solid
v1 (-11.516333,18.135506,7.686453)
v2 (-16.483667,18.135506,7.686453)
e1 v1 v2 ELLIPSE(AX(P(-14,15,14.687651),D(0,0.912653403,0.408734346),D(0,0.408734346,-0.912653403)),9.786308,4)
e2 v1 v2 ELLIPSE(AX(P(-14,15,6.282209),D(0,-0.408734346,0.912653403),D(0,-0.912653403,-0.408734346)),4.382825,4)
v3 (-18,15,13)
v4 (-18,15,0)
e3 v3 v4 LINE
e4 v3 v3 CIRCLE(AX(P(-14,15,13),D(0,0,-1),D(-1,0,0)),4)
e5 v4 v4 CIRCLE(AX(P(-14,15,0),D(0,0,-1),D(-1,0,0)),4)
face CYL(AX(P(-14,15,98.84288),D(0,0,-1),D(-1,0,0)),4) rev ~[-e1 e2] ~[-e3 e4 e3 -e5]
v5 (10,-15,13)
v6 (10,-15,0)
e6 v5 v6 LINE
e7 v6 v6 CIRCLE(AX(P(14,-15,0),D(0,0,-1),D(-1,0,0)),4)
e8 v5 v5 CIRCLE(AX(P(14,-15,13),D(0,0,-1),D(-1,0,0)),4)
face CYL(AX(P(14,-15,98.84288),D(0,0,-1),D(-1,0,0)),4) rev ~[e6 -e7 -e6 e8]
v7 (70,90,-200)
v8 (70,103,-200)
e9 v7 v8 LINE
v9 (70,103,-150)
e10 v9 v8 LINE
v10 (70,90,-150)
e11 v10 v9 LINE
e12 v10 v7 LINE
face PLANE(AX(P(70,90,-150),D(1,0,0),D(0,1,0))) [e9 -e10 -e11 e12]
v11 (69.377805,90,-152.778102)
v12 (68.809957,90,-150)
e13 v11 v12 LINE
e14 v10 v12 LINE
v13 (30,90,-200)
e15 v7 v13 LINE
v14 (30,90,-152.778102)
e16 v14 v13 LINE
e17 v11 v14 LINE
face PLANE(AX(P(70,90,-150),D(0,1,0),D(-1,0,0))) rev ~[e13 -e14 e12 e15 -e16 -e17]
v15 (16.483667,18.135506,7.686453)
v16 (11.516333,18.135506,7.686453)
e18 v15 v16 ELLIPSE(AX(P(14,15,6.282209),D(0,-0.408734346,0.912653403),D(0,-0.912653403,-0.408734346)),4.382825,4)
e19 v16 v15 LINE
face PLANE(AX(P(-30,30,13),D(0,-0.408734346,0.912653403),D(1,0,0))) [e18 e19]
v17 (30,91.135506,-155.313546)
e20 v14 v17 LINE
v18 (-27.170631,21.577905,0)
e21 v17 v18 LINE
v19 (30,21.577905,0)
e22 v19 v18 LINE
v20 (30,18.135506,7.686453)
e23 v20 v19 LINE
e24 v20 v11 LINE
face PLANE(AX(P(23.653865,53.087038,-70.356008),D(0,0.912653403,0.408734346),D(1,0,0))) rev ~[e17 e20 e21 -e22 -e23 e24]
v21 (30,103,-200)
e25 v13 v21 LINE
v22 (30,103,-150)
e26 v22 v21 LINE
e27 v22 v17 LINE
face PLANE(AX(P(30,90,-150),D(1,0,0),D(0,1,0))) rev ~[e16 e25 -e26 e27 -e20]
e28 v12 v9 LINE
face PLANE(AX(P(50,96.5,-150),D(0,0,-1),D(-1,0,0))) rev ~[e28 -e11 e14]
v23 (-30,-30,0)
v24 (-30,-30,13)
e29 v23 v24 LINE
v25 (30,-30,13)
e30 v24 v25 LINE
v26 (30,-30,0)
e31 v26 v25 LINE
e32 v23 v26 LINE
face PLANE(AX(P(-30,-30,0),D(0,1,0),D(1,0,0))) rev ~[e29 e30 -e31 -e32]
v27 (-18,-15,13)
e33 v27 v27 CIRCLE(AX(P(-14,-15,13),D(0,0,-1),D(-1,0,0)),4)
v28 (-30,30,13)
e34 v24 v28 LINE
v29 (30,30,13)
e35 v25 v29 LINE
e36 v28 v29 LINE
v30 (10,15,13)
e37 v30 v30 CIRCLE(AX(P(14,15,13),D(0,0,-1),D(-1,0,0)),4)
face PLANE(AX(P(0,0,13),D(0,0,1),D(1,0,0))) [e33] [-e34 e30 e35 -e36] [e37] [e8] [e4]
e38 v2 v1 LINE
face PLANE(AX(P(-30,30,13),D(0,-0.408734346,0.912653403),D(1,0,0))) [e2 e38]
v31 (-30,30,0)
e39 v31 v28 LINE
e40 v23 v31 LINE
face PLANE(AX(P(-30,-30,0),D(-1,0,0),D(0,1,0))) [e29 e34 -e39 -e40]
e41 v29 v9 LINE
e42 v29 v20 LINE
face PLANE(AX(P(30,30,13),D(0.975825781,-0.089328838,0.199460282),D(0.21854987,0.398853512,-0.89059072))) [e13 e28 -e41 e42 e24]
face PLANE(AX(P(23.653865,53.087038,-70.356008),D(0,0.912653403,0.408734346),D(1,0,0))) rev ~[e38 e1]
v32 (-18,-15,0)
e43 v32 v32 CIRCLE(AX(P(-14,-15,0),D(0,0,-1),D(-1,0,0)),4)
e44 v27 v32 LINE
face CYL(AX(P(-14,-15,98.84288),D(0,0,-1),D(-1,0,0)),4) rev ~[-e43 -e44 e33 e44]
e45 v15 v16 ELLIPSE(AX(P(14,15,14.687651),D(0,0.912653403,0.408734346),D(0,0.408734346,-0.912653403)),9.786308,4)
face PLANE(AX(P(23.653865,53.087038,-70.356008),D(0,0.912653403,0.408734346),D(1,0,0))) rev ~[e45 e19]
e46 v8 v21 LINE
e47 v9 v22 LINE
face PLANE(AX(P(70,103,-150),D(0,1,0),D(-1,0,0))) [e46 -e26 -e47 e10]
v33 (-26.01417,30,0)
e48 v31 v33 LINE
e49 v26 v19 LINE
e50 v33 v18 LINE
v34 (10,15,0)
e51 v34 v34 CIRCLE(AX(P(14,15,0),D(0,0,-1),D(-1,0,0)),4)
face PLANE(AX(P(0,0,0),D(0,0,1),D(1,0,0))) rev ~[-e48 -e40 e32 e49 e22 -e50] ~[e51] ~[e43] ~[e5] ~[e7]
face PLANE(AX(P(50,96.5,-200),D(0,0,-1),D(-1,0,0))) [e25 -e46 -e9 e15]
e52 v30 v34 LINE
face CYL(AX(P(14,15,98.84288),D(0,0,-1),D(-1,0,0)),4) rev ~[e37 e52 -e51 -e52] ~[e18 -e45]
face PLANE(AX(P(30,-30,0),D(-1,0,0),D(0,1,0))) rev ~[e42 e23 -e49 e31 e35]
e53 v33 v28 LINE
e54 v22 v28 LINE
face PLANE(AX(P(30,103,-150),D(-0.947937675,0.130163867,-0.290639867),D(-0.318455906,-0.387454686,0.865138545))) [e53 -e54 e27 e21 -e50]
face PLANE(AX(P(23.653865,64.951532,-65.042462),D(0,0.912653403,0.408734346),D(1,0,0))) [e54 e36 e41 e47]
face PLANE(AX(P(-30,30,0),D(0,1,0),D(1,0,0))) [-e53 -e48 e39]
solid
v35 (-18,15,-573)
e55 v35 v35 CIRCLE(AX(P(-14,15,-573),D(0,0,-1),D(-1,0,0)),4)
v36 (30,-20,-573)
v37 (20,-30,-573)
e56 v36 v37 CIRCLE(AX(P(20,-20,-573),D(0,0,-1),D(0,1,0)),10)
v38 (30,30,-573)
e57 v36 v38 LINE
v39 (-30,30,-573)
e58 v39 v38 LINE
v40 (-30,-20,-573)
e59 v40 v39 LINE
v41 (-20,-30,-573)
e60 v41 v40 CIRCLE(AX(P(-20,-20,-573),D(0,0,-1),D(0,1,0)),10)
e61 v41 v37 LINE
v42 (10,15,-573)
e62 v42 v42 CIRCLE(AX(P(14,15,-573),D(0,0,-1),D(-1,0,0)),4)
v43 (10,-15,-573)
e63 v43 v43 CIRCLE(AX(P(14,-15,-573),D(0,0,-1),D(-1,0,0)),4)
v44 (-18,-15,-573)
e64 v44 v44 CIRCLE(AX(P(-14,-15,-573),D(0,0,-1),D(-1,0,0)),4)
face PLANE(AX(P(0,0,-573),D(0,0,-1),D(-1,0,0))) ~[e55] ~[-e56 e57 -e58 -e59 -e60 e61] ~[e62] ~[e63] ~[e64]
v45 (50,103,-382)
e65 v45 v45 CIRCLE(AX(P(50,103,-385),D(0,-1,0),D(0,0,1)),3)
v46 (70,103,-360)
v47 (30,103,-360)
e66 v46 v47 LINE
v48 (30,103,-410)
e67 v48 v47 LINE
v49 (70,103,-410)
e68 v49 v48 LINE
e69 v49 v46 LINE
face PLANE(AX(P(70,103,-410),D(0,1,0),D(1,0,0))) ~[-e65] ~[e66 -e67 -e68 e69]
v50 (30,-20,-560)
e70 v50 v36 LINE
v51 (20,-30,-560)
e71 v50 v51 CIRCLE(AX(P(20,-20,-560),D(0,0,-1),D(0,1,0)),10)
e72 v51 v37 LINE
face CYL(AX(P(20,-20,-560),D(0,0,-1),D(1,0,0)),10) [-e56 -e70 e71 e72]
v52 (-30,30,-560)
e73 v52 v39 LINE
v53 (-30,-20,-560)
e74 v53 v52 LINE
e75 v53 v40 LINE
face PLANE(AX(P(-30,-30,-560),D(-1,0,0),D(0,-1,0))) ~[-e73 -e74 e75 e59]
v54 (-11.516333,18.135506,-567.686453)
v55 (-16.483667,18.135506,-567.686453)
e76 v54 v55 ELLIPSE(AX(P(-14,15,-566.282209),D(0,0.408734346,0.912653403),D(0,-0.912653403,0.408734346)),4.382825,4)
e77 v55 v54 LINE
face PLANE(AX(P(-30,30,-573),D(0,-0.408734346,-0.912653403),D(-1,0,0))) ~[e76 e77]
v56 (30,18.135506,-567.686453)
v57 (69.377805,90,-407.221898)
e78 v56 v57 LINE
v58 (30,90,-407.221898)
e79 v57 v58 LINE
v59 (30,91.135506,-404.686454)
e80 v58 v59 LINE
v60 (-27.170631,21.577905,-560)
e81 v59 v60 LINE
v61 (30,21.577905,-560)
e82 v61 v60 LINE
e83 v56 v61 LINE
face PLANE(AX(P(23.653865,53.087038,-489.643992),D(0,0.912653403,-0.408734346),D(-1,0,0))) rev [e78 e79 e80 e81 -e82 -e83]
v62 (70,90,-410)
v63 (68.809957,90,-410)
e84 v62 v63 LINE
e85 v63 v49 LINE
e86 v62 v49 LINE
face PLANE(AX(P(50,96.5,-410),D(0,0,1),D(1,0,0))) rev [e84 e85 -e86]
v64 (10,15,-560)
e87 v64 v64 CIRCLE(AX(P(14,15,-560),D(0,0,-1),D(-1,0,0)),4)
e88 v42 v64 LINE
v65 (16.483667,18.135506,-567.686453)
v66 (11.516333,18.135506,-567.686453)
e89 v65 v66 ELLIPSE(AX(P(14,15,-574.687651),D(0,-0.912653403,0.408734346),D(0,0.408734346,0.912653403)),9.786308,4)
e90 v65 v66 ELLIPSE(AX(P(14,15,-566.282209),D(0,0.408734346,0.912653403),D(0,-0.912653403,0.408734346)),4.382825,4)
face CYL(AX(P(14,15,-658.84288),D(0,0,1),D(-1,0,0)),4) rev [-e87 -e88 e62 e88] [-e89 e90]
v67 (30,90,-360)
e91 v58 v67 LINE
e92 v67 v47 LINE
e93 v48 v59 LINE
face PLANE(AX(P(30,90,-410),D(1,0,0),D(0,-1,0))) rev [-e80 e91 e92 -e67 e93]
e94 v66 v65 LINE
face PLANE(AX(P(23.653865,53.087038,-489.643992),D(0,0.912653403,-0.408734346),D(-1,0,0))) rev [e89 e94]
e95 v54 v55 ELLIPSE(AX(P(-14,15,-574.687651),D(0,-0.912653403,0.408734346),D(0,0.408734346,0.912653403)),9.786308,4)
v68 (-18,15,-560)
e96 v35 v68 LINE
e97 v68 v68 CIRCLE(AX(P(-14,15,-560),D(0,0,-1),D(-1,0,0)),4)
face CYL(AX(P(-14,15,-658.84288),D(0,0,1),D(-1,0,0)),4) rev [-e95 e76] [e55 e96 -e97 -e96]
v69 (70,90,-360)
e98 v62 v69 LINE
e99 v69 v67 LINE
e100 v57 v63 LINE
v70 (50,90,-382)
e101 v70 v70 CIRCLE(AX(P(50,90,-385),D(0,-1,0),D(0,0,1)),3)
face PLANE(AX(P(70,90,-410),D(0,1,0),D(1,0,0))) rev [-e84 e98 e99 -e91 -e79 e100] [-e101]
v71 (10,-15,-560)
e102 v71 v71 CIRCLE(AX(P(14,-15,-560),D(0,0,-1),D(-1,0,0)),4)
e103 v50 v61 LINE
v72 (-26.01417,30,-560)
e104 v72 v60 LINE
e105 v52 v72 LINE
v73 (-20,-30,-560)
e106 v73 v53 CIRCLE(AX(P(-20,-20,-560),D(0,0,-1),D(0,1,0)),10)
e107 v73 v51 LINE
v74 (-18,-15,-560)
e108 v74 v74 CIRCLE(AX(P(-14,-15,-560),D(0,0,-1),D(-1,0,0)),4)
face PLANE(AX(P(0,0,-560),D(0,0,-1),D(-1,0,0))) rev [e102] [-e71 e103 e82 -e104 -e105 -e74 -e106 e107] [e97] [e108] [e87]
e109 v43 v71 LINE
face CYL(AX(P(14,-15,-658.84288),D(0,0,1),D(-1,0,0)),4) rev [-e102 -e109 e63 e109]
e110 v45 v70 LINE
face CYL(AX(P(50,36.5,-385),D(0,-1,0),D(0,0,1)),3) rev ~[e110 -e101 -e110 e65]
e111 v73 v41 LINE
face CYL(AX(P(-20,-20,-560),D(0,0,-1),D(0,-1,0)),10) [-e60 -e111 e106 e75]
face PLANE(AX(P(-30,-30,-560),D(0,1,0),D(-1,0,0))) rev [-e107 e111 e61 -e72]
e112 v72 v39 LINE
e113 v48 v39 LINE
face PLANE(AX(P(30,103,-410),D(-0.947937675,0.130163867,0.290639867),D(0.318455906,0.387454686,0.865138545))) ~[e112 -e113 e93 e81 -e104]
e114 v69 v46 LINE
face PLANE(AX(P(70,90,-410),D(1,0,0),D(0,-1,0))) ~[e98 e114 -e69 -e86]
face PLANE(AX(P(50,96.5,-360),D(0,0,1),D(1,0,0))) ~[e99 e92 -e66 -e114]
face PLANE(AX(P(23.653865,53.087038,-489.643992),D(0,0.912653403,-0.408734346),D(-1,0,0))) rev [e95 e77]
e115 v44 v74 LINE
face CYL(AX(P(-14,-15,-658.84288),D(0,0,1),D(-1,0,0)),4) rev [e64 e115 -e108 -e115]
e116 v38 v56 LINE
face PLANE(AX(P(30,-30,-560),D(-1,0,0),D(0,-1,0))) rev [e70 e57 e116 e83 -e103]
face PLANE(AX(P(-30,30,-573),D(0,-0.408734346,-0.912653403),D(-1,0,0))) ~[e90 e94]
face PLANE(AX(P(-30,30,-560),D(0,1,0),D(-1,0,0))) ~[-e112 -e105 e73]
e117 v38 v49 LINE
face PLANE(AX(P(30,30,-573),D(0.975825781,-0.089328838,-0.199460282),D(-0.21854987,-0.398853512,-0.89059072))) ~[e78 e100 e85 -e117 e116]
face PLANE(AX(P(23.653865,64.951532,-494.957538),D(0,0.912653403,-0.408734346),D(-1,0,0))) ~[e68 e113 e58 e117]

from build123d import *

# Parameters (mm, degrees)
SZKIC1_W                    = 60
SZKIC1_H                    = 60
DODANIE_WYCI_GNI_CIE1_DEPTH = 13
OTWORY_USTALAJ_CE_8_0MM1_D  = 8
DODANIE_WYCI_GNI_CIE3_DEPTH = 13
SZKIC5_7_W                  = 40
SZKIC5_7_H                  = 13
DODANIE_WYCI_GNI_CIE6_DEPTH = 50
ZAOKR_GLENIE3_R             = 10
ZAOKR_GLENIE4_R             = 10
SZKIC9_W                    = 3
SZKIC9_H                    = 133


with BuildPart() as part:
    # Szkic1 → Dodanie-wyciągnięcie1 (new body)
    with BuildSketch(Plane.XY):
        Rectangle(SZKIC1_W, SZKIC1_H)
    extrude(amount=DODANIE_WYCI_GNI_CIE1_DEPTH)

    # Otwory ustalające Ø8.0mm1 (through all)
    with Locations(Plane.XY.offset(13)):
        with Locations((14, 15), (-14, 15), (-14, -15), (14, -15)):
            Hole(OTWORY_USTALAJ_CE_8_0MM1_D / 2)

    # Szkic7 → Dodanie-wyciągnięcie3 (add)
    with BuildSketch(Plane(origin=(0, 29.837513324, 13.362812716), x_dir=(1, 0, 0), z_dir=(0, 0.9126534031310359, 0.40873434618751925))):
        Polygon((30, 0.397536145), (70, 178.997648127), (30, 178.997648127), (-30, 0.397536145), align=None)
    extrude(amount=-DODANIE_WYCI_GNI_CIE3_DEPTH)

    # Szkic5<7> → Dodanie-wyciągnięcie6 (add)
    with BuildSketch(Plane(origin=(0, 0, -150), x_dir=(-1, 0, 0), z_dir=(0, 0, -1))):
        with Locations((-50, 96.5)):
            Rectangle(SZKIC5_7_W, SZKIC5_7_H)
    extrude(amount=DODANIE_WYCI_GNI_CIE6_DEPTH)


with BuildPart() as body_2:
    # Lustro3: mirrored copy
    add(part.part.mirror(Plane(origin=(0, 0, -280), x_dir=(1, 0, 0), z_dir=(0, 0, -1))))

    # Zaokrąglenie3
    zaokr_glenie3_edges = [body_2.edges().sort_by_distance(p)[0] for p in [
        (30, -30, -566.5),
    ]]
    fillet(zaokr_glenie3_edges, radius=ZAOKR_GLENIE3_R)

    # Zaokrąglenie4
    zaokr_glenie4_edges = [body_2.edges().sort_by_distance(p)[0] for p in [
        (-30, -30, -566.5),
    ]]
    fillet(zaokr_glenie4_edges, radius=ZAOKR_GLENIE4_R)

    # Szkic9 → Otwory ustalające Ø6.0mm1 (revolve, cut)
    with BuildSketch(Plane(origin=(50, 103, -385), x_dir=(0, 0, 1), z_dir=(1, 0, 0))):
        with Locations((1.5, 66.5)):
            Rectangle(SZKIC9_W, SZKIC9_H)
    revolve(axis=Axis((50, 109.35, -385), (0, -1, 0)), mode=Mode.SUBTRACT)


solid = Compound([part.part, body_2.part])
